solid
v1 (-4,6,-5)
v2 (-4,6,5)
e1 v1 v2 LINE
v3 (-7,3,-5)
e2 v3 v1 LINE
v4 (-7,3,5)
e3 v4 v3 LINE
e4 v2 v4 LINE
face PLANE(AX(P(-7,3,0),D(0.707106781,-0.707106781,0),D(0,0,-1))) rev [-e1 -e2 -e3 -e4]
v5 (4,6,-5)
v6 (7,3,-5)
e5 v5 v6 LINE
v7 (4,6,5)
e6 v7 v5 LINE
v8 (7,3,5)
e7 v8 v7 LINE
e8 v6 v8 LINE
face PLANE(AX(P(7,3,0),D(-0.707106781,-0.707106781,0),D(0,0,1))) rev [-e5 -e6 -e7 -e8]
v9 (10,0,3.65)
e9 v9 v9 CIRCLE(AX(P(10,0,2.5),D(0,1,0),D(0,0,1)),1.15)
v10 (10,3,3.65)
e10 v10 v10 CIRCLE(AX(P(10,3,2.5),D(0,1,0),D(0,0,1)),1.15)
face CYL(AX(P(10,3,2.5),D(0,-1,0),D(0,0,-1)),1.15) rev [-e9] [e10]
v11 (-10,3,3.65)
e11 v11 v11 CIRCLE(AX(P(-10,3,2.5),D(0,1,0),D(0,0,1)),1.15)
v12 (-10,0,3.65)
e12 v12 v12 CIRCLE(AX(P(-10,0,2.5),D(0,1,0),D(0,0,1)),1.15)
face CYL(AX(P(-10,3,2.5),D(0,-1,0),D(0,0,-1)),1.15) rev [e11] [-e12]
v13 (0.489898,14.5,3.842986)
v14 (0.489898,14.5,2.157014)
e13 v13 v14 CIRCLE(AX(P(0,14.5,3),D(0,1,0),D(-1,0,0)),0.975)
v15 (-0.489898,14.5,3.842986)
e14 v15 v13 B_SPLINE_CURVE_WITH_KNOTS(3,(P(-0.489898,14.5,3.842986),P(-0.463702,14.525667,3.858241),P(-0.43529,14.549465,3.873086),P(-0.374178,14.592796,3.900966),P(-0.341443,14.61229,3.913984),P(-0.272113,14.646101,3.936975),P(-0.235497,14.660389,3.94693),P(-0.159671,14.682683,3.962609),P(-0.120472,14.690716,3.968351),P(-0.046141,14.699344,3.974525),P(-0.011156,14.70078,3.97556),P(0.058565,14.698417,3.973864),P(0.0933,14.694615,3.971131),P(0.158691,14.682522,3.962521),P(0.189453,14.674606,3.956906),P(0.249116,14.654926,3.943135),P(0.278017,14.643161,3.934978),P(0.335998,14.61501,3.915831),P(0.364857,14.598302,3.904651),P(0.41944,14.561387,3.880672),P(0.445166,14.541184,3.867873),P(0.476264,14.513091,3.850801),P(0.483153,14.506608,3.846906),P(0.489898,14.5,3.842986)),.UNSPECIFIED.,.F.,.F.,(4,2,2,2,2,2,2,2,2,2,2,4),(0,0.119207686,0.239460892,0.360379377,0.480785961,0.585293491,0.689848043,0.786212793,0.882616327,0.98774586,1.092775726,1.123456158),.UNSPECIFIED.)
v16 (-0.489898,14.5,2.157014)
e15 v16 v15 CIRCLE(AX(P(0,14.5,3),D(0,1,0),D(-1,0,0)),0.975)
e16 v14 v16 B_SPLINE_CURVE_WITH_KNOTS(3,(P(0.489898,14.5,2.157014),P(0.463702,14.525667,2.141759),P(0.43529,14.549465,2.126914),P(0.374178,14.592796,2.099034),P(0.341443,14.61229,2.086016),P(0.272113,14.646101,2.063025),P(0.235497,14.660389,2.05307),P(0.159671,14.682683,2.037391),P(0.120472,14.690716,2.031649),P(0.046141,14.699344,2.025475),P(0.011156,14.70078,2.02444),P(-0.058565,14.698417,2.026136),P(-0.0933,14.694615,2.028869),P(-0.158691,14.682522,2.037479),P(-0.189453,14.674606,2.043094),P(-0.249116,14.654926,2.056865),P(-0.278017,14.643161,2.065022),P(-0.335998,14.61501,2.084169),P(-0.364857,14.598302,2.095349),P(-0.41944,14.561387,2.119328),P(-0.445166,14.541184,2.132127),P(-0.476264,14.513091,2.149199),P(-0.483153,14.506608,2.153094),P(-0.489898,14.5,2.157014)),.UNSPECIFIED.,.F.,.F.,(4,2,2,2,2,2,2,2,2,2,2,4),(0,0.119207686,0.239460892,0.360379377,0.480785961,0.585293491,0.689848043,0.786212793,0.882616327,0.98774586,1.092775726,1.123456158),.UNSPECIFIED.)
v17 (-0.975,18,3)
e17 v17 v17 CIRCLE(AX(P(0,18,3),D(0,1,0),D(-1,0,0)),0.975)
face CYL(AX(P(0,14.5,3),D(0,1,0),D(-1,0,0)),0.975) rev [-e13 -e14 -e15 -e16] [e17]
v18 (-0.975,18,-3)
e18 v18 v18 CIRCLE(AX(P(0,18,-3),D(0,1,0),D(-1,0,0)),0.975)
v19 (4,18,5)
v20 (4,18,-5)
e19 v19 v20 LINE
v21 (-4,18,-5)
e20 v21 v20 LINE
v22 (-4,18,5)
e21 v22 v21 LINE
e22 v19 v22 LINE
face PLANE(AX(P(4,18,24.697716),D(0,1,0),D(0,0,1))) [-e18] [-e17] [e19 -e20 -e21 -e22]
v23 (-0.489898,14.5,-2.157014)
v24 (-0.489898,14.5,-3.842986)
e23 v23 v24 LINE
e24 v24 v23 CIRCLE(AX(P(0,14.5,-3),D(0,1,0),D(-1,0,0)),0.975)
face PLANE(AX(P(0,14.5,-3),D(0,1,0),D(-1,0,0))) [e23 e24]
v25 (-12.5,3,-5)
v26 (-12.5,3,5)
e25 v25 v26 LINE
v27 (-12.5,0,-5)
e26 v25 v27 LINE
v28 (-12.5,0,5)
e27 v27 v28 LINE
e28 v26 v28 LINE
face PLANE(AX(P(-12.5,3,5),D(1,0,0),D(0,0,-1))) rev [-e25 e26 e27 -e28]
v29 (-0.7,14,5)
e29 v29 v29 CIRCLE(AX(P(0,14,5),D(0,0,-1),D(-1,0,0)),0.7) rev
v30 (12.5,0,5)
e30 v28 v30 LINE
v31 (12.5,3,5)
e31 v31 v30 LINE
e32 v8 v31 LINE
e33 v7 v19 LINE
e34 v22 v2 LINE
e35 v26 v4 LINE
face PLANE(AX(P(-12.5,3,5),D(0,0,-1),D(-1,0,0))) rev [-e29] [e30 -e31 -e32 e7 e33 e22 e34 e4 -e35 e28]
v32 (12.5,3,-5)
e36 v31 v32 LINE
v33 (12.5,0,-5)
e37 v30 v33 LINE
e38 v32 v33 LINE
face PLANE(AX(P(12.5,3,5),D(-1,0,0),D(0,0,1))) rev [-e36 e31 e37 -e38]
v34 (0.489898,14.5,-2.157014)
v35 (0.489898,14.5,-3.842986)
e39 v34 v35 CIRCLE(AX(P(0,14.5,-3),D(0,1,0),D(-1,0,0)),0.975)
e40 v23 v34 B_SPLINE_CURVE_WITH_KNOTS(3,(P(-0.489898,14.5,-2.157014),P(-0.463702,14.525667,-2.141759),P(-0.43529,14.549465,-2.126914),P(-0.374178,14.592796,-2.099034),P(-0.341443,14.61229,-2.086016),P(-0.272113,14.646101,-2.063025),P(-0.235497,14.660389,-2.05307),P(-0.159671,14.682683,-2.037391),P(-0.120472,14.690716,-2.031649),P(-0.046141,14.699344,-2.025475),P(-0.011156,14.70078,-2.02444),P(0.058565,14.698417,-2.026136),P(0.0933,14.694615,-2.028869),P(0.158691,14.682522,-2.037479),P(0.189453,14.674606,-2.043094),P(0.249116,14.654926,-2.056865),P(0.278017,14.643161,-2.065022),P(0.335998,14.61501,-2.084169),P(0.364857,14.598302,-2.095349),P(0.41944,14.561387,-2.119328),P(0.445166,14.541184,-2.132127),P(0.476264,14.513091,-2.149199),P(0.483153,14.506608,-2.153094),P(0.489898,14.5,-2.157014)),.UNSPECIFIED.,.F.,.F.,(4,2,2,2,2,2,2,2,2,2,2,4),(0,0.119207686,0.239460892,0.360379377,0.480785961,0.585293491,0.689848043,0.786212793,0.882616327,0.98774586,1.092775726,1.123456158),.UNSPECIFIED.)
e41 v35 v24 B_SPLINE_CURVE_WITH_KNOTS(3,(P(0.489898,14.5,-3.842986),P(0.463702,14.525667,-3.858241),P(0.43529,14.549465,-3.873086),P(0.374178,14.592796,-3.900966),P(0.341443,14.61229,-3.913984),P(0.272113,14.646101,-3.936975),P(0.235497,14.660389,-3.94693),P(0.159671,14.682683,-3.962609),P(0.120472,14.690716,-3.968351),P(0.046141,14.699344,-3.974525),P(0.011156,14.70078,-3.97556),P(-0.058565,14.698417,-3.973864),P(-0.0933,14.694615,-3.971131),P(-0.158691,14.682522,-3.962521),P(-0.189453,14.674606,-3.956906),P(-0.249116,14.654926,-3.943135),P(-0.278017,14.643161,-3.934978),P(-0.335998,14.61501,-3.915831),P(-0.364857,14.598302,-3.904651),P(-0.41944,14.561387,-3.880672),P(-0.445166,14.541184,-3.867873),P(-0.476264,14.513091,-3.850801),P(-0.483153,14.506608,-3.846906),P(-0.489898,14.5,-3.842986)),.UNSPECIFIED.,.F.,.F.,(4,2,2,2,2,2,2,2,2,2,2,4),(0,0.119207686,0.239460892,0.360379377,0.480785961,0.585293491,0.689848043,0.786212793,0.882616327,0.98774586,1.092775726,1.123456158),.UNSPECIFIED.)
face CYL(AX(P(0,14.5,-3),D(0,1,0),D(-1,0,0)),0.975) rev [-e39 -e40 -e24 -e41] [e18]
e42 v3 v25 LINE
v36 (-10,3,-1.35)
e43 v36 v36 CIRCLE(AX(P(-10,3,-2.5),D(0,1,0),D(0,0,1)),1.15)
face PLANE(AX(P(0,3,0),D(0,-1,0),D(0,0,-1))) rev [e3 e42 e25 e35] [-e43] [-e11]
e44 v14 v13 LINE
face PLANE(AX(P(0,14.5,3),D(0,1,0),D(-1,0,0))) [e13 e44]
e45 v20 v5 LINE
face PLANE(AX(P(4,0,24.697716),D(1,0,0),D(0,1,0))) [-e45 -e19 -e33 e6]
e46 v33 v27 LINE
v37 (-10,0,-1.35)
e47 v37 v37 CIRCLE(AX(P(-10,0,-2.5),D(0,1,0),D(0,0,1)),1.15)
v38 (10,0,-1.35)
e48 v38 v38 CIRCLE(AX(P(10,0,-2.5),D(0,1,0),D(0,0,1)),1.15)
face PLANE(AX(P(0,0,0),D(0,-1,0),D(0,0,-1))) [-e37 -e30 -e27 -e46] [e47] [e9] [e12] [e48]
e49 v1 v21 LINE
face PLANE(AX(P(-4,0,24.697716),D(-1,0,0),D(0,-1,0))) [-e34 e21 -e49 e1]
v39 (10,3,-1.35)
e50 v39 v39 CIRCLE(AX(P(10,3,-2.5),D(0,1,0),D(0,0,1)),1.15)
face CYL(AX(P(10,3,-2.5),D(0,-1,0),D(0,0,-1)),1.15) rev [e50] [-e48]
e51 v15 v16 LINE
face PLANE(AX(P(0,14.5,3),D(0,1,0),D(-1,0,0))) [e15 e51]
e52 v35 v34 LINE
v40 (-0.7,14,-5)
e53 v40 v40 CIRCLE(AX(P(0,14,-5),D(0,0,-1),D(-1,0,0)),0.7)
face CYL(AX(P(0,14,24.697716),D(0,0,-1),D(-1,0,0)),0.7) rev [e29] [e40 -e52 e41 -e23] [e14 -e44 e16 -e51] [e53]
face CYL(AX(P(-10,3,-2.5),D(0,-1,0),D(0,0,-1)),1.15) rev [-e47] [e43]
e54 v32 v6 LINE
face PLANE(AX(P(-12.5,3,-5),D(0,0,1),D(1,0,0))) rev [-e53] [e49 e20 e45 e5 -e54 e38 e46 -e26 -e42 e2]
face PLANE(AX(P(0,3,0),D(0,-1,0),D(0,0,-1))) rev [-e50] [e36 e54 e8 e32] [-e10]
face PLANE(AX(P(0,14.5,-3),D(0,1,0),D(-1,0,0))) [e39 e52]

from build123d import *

# Parameters (mm, degrees)
SKETCH1_W           = 25
SKETCH1_H           = 10
SKETCH1_R           = 1.15
BOSS_EXTRUDE1_DEPTH = 3
SKETCH3_W           = 8
SKETCH3_H           = 18
SKETCH3_R           = 0.7
BOSS_EXTRUDE2_DEPTH = 10
SKETCH5_R           = 0.975
CUT_EXTRUDE2_DEPTH  = 3.5
CHAMFER1_SIZE       = 3


with BuildPart() as part:
    # Sketch1 → Boss-Extrude1 (new body)
    with BuildSketch(Plane(origin=(0, 0, 0), x_dir=(1, 0, 0), z_dir=(0, 1, 0))):
        Rectangle(SKETCH1_W, SKETCH1_H)
        with Locations(Location((-10, 2.5, 0), (0, 0, 270))):
            Circle(SKETCH1_R, mode=Mode.SUBTRACT)
        with Locations(Location((-10, -2.5, 0), (0, 0, 270))):
            Circle(SKETCH1_R, mode=Mode.SUBTRACT)
        with Locations(Location((10, 2.5, 0), (0, 0, 270))):
            Circle(SKETCH1_R, mode=Mode.SUBTRACT)
        with Locations(Location((10, -2.5, 0), (0, 0, 270))):
            Circle(SKETCH1_R, mode=Mode.SUBTRACT)
    extrude(amount=BOSS_EXTRUDE1_DEPTH)

    # Sketch3 → Boss-Extrude2 (add)
    with BuildSketch(Plane(origin=(0, 0, -5), x_dir=(-1, 0, 0), z_dir=(0, 0, -1))):
        with Locations((0, 9)):
            Rectangle(SKETCH3_W, SKETCH3_H)
        with Locations((0, 14)):
            Circle(SKETCH3_R, mode=Mode.SUBTRACT)
    extrude(amount=-BOSS_EXTRUDE2_DEPTH)

    # Sketch5 → Cut-Extrude2 (cut)
    with BuildSketch(Plane(origin=(0, 18, 0), x_dir=(1, 0, 0), z_dir=(0, 1, 0))):
        with Locations(Location((0, 3, 0), (0, 0, 180))):
            Circle(SKETCH5_R)
        with Locations(Location((0, -3, 0), (0, 0, 180))):
            Circle(SKETCH5_R)
    extrude(amount=-CUT_EXTRUDE2_DEPTH, mode=Mode.SUBTRACT)

    # Chamfer1
    chamfer1_edges = [part.edges().sort_by_distance(p)[0] for p in [
        (-4, 3, 0),
        (4, 3, 0),
    ]]
    chamfer(chamfer1_edges, length=CHAMFER1_SIZE)


solid = part.part
